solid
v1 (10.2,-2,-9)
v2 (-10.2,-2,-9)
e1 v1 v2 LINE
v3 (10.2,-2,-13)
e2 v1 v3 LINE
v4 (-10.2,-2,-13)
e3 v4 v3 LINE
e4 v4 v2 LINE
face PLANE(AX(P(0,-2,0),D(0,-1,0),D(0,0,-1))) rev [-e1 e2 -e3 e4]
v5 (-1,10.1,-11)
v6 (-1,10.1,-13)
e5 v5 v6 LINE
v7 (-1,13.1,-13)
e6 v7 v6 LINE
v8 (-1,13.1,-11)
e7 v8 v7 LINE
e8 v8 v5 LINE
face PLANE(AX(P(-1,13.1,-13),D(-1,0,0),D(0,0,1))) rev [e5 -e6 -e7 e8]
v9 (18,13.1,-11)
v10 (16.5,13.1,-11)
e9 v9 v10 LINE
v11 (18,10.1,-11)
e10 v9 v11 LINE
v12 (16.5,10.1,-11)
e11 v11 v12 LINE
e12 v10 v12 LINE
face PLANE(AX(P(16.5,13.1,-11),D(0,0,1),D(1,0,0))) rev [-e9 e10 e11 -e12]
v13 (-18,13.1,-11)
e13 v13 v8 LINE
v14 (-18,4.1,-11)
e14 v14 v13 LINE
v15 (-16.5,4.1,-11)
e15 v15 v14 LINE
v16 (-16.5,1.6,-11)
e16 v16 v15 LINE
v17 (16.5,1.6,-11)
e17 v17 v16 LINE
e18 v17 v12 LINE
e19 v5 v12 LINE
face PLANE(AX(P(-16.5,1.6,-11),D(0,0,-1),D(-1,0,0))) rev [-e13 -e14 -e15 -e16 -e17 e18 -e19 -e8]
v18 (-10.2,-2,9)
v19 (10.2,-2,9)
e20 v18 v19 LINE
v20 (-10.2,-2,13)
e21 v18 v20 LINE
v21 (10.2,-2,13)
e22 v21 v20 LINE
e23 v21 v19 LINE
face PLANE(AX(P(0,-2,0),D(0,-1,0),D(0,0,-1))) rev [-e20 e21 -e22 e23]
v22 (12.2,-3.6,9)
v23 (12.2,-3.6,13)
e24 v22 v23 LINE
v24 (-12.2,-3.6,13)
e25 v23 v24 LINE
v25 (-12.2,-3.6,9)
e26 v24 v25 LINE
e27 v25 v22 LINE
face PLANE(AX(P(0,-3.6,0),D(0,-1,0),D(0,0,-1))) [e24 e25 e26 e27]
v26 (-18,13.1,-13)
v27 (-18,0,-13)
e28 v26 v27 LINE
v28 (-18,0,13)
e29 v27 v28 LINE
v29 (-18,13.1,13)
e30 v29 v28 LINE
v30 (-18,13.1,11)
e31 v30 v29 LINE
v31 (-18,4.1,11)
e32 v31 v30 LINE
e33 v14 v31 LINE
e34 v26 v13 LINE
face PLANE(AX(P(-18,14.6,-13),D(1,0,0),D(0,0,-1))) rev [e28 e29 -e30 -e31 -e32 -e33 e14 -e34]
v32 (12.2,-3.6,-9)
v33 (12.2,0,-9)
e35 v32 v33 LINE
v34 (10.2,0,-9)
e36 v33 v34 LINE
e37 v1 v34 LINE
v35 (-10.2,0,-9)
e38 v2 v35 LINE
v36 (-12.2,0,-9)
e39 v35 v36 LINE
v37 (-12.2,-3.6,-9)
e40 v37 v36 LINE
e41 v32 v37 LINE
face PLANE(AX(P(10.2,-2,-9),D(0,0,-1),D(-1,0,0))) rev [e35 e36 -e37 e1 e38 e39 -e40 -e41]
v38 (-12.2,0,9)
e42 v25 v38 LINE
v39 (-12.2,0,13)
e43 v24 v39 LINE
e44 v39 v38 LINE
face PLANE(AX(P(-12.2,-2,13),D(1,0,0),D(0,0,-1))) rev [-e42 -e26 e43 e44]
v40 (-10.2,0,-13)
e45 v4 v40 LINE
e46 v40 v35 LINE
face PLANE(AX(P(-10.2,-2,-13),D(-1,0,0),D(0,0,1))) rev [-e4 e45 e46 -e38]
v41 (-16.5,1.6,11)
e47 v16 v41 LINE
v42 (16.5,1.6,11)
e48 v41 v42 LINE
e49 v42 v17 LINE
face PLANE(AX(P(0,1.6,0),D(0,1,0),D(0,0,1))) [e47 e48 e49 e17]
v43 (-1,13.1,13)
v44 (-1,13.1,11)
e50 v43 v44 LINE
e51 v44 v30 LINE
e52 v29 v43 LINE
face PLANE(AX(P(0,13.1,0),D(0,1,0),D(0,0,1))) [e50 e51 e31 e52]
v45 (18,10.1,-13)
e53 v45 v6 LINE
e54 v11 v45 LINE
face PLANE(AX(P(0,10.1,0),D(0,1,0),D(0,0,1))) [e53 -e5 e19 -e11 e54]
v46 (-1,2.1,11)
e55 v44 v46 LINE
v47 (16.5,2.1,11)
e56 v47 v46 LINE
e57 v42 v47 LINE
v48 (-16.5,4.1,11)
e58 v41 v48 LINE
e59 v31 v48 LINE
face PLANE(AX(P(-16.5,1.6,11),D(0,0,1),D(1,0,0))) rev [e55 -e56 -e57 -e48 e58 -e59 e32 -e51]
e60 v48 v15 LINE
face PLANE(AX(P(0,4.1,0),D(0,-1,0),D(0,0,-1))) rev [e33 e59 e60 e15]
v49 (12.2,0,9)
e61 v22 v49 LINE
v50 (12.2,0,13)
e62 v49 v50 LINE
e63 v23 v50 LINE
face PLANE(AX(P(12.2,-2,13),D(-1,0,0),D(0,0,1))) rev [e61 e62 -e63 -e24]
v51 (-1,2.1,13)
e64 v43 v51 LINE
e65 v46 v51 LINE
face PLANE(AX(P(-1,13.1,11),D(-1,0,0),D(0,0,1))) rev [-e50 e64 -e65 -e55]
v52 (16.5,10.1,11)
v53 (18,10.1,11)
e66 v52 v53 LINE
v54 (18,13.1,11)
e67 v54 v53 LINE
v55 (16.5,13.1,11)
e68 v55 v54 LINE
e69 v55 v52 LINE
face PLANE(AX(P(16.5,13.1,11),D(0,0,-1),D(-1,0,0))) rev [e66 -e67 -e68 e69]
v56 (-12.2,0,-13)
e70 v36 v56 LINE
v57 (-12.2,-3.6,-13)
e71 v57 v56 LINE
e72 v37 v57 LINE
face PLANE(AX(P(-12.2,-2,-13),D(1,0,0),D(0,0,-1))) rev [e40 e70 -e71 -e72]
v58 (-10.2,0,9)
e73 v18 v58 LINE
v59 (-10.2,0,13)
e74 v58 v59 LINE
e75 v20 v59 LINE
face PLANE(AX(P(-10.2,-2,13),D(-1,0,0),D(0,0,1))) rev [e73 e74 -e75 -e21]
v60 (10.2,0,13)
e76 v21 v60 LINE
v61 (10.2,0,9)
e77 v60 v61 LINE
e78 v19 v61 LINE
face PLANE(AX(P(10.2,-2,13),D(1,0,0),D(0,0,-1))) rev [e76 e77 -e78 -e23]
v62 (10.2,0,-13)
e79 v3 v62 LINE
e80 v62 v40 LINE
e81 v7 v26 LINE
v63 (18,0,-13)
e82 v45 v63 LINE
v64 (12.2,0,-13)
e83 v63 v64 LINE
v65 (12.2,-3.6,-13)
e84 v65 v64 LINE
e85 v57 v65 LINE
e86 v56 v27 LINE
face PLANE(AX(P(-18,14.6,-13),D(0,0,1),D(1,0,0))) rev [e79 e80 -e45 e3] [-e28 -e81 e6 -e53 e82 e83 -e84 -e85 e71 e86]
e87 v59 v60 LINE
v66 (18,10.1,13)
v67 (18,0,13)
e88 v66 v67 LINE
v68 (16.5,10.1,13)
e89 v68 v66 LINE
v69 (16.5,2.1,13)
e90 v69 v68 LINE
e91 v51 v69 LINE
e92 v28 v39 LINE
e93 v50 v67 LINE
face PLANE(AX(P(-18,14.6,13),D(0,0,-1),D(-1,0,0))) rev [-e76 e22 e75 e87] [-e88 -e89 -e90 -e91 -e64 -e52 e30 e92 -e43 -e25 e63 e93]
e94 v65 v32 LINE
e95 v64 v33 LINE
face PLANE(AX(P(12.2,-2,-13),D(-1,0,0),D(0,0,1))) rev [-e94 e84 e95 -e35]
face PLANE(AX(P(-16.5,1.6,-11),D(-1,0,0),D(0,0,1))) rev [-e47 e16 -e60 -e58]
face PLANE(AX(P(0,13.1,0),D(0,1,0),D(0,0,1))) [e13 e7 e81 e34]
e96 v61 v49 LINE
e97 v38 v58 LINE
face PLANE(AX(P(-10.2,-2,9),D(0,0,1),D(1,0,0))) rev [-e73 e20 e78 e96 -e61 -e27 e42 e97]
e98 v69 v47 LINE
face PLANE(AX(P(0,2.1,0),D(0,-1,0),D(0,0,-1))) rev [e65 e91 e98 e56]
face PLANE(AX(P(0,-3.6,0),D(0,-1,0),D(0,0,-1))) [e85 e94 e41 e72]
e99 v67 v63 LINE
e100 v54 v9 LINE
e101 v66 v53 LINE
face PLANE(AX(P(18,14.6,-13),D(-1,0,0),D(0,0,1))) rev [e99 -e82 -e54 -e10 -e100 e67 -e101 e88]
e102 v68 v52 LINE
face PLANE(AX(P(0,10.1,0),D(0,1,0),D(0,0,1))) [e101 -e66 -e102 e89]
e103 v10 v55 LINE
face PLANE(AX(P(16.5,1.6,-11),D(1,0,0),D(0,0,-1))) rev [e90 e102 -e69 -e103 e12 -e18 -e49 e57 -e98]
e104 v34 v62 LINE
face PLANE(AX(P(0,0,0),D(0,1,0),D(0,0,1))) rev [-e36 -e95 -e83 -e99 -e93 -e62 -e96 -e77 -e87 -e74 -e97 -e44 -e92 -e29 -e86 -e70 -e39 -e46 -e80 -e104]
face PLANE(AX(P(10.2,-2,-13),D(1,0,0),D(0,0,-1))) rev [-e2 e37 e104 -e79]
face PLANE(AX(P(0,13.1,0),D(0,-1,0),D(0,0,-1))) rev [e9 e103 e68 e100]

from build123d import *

# Parameters (mm, degrees)
SKETCH_1_W          = 36
SKETCH_1_H          = 26
EXTRUDE_1_DEPTH     = 14.6
SKETCH_2_W          = 33
SKETCH_2_H          = 22
CUT_EXTRUDE_1_DEPTH = 13
SKETCH_3_W          = 36
SKETCH_3_H          = 26
CUT_EXTRUDE_2_DEPTH = 4.5
SKETCH_4_W          = 1.5
SKETCH_4_H          = 22
CUT_EXTRUDE_3_DEPTH = 6
SKETCH_5_W          = 2
SKETCH_5_H          = 4
EXTRUDE_2_DEPTH     = 2
SKETCH_6_W          = 24.4
SKETCH_6_H          = 4
EXTRUDE_3_DEPTH     = 1.6
SKETCH_7_W          = 17
SKETCH_7_H          = 2
SKETCH_7_W_2        = 1.5
SKETCH_7_H_2        = 22
EXTRUDE_4_DEPTH     = 3
SKETCH_8_W          = 17.5
SKETCH_8_H          = 2
CUT_EXTRUDE_5_DEPTH = 8


with BuildPart() as part:
    # 草图1 → 凸台-拉伸1 (new body)
    with BuildSketch(Plane(origin=(0, 0, 0), x_dir=(1, 0, 0), z_dir=(0, 1, 0))):
        Rectangle(SKETCH_1_W, SKETCH_1_H)
    extrude(amount=EXTRUDE_1_DEPTH)

    # 草图2 → 切除-拉伸1 (cut)
    with BuildSketch(Plane(origin=(0, 14.6, 0), x_dir=(1, 0, 0), z_dir=(0, 1, 0))):
        Rectangle(SKETCH_2_W, SKETCH_2_H)
    extrude(amount=-CUT_EXTRUDE_1_DEPTH, mode=Mode.SUBTRACT)

    # 草图3 → 切除-拉伸2 (cut)
    with BuildSketch(Plane(origin=(0, 14.6, 0), x_dir=(1, 0, 0), z_dir=(0, 1, 0))):
        Rectangle(SKETCH_3_W, SKETCH_3_H)
    extrude(amount=-CUT_EXTRUDE_2_DEPTH, mode=Mode.SUBTRACT)

    # 草图4 → 切除-拉伸3 (cut)
    with BuildSketch(Plane(origin=(0, 10.1, 0), x_dir=(1, 0, 0), z_dir=(0, 1, 0))):
        with Locations((-17.25, 0)):
            Rectangle(SKETCH_4_W, SKETCH_4_H)
    extrude(amount=-CUT_EXTRUDE_3_DEPTH, mode=Mode.SUBTRACT)

    # 草图5 → 凸台-拉伸2 (add)
    with BuildSketch(Plane(origin=(0, 0, 0), x_dir=(-1, 0, 0), z_dir=(0, -1, 0))):
        with Locations((-11.2, -11)):
            Rectangle(SKETCH_5_W, SKETCH_5_H)
        with Locations((11.2, -11)):
            Rectangle(SKETCH_5_W, SKETCH_5_H)
        with Locations((-11.2, 11)):
            Rectangle(SKETCH_5_W, SKETCH_5_H)
        with Locations((11.2, 11)):
            Rectangle(SKETCH_5_W, SKETCH_5_H)
    extrude(amount=EXTRUDE_2_DEPTH)

    # 草图6 → 凸台-拉伸3 (add)
    with BuildSketch(Plane(origin=(0, -2, 0), x_dir=(-1, 0, 0), z_dir=(0, -1, 0))):
        with Locations((0, -11)):
            Rectangle(SKETCH_6_W, SKETCH_6_H)
        with Locations((0, 11)):
            Rectangle(SKETCH_6_W, SKETCH_6_H)
    extrude(amount=EXTRUDE_3_DEPTH)

    # 草图7 → 凸台-拉伸4 (add)
    with BuildSketch(Plane(origin=(0, 10.1, 0), x_dir=(1, 0, 0), z_dir=(0, 1, 0))):
        with Locations((-9.5, 12)):
            Rectangle(SKETCH_7_W, SKETCH_7_H)
        with Locations((-9.5, -12)):
            Rectangle(SKETCH_7_W, SKETCH_7_H)
        with Locations((17.25, 0)):
            Rectangle(SKETCH_7_W_2, SKETCH_7_H_2)
    extrude(amount=EXTRUDE_4_DEPTH)

    # 草图8 → 切除-拉伸5 (cut)
    with BuildSketch(Plane(origin=(0, 10.1, 0), x_dir=(1, 0, 0), z_dir=(0, 1, 0))):
        with Locations((7.75, -12)):
            Rectangle(SKETCH_8_W, SKETCH_8_H)
    extrude(amount=-CUT_EXTRUDE_5_DEPTH, mode=Mode.SUBTRACT)


solid = part.part
